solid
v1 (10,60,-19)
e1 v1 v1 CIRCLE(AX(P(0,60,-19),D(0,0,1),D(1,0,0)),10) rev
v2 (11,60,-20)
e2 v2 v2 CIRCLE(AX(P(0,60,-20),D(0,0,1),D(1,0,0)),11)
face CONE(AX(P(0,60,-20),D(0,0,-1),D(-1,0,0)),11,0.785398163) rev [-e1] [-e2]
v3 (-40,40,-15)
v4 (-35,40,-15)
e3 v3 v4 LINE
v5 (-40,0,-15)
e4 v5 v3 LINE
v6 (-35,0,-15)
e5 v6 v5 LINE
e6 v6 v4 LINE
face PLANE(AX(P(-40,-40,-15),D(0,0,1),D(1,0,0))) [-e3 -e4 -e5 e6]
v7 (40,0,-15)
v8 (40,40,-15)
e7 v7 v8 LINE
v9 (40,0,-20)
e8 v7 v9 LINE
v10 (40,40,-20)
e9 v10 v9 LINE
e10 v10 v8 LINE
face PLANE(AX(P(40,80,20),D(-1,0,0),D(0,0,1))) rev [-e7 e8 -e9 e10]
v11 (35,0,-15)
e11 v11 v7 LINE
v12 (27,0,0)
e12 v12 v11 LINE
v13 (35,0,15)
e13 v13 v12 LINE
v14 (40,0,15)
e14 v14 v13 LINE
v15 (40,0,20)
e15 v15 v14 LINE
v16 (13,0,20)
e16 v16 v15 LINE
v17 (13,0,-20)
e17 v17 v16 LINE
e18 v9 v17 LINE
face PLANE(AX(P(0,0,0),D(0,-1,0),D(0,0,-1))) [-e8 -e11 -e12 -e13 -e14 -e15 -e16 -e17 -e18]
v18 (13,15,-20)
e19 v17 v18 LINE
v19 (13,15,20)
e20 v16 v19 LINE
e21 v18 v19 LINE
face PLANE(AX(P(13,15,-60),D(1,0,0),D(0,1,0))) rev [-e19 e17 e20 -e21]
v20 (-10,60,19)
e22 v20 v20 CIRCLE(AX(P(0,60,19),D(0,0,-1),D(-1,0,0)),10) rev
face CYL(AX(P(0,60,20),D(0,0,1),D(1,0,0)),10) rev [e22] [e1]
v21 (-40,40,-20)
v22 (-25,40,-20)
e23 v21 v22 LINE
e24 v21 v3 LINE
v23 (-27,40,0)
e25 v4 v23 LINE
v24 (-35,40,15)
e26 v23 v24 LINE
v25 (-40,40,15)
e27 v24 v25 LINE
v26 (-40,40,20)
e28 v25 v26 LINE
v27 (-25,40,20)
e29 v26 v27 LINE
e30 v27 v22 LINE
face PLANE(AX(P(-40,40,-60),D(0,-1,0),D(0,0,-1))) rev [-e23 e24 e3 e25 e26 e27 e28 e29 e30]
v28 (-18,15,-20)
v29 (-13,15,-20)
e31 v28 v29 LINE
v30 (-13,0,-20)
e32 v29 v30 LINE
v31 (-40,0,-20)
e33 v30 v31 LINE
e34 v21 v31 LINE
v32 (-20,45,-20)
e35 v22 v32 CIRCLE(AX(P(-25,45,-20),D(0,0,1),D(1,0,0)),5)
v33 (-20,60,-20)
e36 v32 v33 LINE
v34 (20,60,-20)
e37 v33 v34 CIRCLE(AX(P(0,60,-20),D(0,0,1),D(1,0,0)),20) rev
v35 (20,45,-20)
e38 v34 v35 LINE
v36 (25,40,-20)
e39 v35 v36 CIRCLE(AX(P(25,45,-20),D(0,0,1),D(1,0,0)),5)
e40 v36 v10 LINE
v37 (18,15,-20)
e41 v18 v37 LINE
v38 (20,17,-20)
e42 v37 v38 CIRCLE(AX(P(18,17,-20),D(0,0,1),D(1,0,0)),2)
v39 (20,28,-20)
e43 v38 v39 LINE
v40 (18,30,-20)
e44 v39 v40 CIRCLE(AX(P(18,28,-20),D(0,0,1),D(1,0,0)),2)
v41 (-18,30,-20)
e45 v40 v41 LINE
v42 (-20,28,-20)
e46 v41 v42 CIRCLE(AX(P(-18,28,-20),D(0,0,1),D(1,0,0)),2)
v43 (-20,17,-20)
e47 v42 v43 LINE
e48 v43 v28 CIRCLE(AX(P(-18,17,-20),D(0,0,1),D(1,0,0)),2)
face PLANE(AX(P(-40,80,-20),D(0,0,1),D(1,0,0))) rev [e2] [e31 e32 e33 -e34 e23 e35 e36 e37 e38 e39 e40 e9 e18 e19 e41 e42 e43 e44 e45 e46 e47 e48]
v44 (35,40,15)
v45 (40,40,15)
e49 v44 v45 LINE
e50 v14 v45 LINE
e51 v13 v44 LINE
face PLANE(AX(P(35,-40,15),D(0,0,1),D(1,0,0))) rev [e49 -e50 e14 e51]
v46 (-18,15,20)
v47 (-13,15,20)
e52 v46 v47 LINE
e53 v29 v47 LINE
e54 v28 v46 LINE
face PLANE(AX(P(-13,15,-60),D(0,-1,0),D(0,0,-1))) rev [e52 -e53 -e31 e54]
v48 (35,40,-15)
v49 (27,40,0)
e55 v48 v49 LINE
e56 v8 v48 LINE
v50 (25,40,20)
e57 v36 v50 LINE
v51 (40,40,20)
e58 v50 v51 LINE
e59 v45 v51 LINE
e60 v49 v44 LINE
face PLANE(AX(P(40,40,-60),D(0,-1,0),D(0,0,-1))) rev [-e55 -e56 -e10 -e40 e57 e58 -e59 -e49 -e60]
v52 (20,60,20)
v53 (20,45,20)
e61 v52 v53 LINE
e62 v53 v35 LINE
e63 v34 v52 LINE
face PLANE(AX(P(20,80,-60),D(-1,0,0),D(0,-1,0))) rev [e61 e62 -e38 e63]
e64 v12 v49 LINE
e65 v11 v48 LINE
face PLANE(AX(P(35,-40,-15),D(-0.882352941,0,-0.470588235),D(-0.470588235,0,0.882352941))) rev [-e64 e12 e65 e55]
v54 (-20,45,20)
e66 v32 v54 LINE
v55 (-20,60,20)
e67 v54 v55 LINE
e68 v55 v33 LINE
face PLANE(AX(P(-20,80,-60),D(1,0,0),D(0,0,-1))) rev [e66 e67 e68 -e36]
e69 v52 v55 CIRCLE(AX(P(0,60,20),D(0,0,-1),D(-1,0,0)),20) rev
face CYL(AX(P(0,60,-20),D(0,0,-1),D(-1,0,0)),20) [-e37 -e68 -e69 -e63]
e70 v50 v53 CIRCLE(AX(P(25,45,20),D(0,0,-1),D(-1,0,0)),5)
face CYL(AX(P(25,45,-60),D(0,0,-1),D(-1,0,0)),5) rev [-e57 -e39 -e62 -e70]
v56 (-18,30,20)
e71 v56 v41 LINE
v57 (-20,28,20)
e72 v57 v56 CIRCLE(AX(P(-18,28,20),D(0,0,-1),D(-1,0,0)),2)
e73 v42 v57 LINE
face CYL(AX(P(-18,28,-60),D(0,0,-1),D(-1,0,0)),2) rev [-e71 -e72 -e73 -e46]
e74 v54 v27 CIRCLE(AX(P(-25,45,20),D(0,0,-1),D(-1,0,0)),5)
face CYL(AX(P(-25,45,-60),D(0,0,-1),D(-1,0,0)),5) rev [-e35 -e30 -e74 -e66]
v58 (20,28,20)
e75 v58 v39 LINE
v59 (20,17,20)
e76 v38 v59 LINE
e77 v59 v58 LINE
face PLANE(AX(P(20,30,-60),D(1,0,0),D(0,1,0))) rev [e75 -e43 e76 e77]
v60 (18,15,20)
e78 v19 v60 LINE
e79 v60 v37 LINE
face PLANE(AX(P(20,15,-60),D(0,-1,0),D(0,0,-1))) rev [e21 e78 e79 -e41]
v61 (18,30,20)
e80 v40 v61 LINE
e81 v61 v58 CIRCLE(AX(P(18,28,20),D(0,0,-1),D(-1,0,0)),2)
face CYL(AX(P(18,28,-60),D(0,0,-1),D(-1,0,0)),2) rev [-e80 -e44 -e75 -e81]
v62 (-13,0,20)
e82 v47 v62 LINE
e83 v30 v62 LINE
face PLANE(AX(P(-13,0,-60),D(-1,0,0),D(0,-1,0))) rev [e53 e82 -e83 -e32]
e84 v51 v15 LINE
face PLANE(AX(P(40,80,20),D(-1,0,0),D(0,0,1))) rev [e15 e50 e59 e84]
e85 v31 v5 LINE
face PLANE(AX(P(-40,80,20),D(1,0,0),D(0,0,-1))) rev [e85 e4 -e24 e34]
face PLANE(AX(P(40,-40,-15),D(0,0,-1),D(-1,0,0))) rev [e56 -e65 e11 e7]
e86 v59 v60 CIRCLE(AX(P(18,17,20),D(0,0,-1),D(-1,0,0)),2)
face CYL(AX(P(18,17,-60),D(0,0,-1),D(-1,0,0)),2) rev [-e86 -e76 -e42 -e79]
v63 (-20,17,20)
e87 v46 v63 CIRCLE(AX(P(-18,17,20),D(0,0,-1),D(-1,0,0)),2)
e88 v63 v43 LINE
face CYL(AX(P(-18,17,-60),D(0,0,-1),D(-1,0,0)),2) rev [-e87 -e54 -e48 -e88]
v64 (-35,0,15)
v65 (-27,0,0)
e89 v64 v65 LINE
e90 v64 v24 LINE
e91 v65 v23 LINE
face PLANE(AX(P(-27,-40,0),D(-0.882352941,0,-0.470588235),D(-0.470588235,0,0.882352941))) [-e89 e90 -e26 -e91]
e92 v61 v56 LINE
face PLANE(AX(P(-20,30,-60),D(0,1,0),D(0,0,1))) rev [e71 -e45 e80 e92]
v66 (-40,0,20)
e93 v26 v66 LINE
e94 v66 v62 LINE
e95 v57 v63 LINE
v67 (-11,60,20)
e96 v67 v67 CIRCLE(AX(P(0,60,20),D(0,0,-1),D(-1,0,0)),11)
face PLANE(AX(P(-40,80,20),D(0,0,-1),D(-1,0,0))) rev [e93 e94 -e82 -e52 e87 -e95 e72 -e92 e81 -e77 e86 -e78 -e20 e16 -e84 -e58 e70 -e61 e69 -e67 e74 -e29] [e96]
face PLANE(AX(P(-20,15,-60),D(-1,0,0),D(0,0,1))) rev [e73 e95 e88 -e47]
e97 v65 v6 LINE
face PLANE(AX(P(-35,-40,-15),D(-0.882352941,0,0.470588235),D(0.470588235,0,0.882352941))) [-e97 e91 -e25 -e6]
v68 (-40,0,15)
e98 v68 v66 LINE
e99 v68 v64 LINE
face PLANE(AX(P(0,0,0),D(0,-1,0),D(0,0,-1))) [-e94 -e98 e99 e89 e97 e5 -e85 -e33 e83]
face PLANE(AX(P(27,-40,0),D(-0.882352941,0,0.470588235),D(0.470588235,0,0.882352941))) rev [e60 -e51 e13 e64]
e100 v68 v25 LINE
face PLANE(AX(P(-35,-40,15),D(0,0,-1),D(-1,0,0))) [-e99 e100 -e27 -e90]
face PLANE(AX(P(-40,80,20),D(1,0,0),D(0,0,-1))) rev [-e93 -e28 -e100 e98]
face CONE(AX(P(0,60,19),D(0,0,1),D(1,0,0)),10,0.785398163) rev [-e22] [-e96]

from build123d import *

# Parameters (mm, degrees)
ESBO_O1_W                    = 80
ESBO_O1_H                    = 40
RESSALTO_EXTRUS_O1_DEPTH     = 80
ESBO_O2_W                    = 20
ESBO_O2_H                    = 40
CORTE_EXTRUS_O1_DEPTH        = 80
FILETE1_RADIUS               = 20
FILETE1_LENGTH               = 40
FURO_DE_DI_METRO_20_0_20_1_D = 20
CHANFRO1_SIZE                = 1
CORTE_EXTRUS_O2_DEPTH        = 80
CORTE_EXTRUS_O3_DEPTH        = 80
FILETE2_R                    = 2
FILETE3_R                    = 5


with BuildPart() as part:
    # Esboço1 → Ressalto-extrusão1 (new body)
    with BuildSketch(Plane(origin=(0, 0, 0), x_dir=(1, 0, 0), z_dir=(0, 1, 0))):
        Rectangle(ESBO_O1_W, ESBO_O1_H)
    extrude(amount=RESSALTO_EXTRUS_O1_DEPTH)

    # Esboço2 → Corte-extrusão1 (cut)
    with BuildSketch(Plane.XY.offset(20)):
        with Locations((-30, 60)):
            Rectangle(ESBO_O2_W, ESBO_O2_H)
        with Locations((30, 60)):
            Rectangle(ESBO_O2_W, ESBO_O2_H)
    extrude(amount=-CORTE_EXTRUS_O1_DEPTH, mode=Mode.SUBTRACT)

    # Filete1: full round fillet: the end face becomes a half cylinder, R = half its width
    filete1_face = Plane((0, 80, 0), x_dir=(0, 0, -1), z_dir=(0, 1, 0))  # on the end face: x along it, z out of the body
    filete1_slab = filete1_face.offset(-FILETE1_RADIUS / 2) * Box(FILETE1_LENGTH, 2 * FILETE1_RADIUS, FILETE1_RADIUS, mode=Mode.PRIVATE)  # the body's end, R deep
    filete1_round = Plane((0, 60, 0), x_dir=(0, 1, 0), z_dir=(0, 0, -1)) * Cylinder(FILETE1_RADIUS, FILETE1_LENGTH, mode=Mode.PRIVATE)  # its axis R under the face
    add(filete1_slab - filete1_round, mode=Mode.SUBTRACT)

    # Furo de diâmetro Ø20.0 (20)1 (through all)
    with Locations(Plane.XY.offset(20)):
        with Locations((0, 60)):
            Hole(FURO_DE_DI_METRO_20_0_20_1_D / 2)

    # Chanfro1
    chanfro1_edges = [part.edges().sort_by_distance(p)[0] for p in [
        (10, 60, 20),
        (10, 60, -20),
    ]]
    chamfer(chanfro1_edges, length=CHANFRO1_SIZE)

    # Esboço5 → Corte-extrusão2 (cut)
    with BuildSketch(Plane(origin=(0, 40, 0), x_dir=(1, 0, 0), z_dir=(0, 1, 0))):
        Polygon((40, 15), (35, 15), (27, 0), (35, -15), (40, -15), align=None)
    corte_extrus_o2 = extrude(amount=-CORTE_EXTRUS_O2_DEPTH, mode=Mode.SUBTRACT)

    # Espelhar1: Corte-extrusão2 across plane
    add(corte_extrus_o2.mirror(Plane(origin=(0, 0, 0), x_dir=(0, 0, 1), z_dir=(1, 0, 0))), mode=Mode.SUBTRACT)

    # Esboço6 → Corte-extrusão3 (cut)
    with BuildSketch(Plane.XY.offset(20)):
        Polygon((-13, 0), (-13, 15), (-20, 15), (-20, 30), (20, 30), (20, 15), (13, 15), (13, 0), align=None)
    extrude(amount=-CORTE_EXTRUS_O3_DEPTH, mode=Mode.SUBTRACT)

    # Filete2
    filete2_edges = [part.edges().sort_by_distance(p)[0] for p in [
        (-20, 15, 0),
        (-20, 30, 0),
        (20, 30, 0),
        (20, 15, 0),
    ]]
    fillet(filete2_edges, radius=FILETE2_R)

    # Filete3
    filete3_edges = [part.edges().sort_by_distance(p)[0] for p in [
        (-20, 40, 0),
        (20, 40, 0),
    ]]
    fillet(filete3_edges, radius=FILETE3_R)


solid = part.part
